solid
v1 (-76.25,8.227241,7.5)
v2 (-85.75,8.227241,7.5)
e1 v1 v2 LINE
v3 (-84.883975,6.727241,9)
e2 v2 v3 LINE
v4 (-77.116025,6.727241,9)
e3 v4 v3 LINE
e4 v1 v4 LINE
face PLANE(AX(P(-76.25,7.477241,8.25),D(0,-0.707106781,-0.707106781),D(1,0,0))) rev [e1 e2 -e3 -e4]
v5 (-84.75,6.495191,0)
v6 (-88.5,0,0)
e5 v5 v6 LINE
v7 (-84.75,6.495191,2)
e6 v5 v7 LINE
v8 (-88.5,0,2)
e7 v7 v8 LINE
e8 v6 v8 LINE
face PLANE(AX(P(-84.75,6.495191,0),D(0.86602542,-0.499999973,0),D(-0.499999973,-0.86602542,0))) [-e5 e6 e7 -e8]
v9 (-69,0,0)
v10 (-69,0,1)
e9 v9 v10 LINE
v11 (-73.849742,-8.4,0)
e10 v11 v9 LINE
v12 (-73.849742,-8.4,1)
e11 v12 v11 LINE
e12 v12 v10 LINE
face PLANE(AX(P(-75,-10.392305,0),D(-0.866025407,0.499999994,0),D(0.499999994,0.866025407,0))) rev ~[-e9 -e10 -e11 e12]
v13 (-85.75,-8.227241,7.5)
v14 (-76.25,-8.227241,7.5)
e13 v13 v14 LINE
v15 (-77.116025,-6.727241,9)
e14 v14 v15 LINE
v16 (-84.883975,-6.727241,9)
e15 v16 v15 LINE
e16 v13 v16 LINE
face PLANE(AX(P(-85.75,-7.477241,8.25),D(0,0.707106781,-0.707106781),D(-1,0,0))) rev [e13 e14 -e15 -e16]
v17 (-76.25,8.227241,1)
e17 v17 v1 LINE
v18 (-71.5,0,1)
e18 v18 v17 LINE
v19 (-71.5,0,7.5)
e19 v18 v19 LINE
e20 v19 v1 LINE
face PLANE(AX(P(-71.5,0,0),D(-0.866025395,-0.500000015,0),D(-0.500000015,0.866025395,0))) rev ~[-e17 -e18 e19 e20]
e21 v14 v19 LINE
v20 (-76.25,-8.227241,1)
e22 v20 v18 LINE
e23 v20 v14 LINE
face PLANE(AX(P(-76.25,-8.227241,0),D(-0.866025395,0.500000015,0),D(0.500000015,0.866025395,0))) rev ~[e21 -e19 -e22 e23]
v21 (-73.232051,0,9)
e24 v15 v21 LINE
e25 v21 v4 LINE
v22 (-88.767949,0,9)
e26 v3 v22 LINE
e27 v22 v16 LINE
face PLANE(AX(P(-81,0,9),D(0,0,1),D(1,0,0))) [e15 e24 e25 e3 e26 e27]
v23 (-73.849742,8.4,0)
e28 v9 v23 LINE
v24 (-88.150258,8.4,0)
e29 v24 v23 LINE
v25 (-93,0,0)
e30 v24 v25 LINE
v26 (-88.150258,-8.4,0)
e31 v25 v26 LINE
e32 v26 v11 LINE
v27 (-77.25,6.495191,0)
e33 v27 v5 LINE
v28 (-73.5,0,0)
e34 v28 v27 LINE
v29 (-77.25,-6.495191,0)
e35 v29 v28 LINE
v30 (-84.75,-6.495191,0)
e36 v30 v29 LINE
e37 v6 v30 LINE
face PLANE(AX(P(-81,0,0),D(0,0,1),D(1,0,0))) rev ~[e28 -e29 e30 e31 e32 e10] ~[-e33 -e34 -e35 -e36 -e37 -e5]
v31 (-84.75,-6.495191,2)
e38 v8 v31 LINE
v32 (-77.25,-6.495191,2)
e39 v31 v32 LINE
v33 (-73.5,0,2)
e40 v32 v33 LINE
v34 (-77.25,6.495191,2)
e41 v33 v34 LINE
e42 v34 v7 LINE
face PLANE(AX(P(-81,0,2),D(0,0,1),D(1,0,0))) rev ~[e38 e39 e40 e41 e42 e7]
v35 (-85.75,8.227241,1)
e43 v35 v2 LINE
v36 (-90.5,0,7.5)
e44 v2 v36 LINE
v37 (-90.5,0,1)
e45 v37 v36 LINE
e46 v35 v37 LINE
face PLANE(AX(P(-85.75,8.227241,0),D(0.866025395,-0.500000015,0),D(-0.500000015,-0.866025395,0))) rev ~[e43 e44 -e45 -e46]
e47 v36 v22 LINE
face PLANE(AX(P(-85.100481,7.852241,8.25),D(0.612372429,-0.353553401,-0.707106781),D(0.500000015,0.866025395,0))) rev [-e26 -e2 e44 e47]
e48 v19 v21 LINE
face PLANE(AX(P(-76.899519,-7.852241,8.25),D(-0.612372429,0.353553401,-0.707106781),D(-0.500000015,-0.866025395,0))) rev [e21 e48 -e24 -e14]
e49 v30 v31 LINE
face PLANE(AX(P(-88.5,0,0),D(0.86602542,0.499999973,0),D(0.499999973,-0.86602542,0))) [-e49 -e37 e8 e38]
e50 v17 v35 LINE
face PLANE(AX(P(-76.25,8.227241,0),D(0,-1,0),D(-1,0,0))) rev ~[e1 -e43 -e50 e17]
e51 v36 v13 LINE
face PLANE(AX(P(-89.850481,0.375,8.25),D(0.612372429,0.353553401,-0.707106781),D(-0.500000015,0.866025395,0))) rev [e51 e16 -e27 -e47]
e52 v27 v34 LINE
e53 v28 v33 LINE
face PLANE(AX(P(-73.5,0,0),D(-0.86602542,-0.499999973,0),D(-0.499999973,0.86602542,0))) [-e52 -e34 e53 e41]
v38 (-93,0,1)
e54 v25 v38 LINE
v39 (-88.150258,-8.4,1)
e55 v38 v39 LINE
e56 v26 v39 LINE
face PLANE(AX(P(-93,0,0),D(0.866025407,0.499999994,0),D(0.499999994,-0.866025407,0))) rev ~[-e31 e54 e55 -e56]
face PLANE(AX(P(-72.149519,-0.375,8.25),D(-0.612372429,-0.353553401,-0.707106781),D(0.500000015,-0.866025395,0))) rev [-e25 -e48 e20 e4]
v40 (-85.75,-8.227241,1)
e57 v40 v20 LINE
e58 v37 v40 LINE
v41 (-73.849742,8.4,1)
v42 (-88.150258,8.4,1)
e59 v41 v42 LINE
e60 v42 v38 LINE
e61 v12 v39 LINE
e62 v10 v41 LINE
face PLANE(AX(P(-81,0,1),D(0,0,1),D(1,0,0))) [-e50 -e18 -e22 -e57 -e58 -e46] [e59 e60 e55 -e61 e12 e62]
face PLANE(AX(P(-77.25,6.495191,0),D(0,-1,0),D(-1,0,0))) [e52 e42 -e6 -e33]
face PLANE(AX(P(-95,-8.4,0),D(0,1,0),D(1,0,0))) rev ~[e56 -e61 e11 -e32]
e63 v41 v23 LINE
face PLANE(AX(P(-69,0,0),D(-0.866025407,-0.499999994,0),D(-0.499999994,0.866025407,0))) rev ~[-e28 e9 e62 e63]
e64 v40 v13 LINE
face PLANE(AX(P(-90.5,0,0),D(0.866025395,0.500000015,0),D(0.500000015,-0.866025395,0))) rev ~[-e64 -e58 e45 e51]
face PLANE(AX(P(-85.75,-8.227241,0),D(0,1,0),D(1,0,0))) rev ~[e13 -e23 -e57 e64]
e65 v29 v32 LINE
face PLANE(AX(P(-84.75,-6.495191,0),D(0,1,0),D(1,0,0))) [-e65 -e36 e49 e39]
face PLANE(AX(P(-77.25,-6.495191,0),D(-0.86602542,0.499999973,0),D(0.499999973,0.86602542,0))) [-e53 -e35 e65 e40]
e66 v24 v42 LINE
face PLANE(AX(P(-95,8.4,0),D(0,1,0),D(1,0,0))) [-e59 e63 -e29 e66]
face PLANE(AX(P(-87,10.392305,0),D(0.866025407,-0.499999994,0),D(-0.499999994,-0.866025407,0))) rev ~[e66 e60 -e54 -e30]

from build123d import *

# Parameters (mm, degrees)
BOX036_W        = 26
BOX036_H        = 10
BOX036_DEPTH    = 10
BOX035_W        = 26
BOX035_H        = 10
BOX035_DEPTH    = 10
PRISM011_DEPTH  = 2
PRISM010_DEPTH  = 1
PRISM009_DEPTH  = 9
CHAMFER006_SIZE = 1.5


with BuildPart() as cubo032:
    # Box036 → Box036 (new body)
    with BuildSketch(Plane(origin=(-95, -18.4, 0), x_dir=(1, 0, 0), z_dir=(0, 0, 1))):
        with Locations((13, 5)):
            Rectangle(BOX036_W, BOX036_H)
    extrude(amount=BOX036_DEPTH)


with BuildPart() as fusion016:
    # Box035 → Box035 (new body)
    with BuildSketch(Plane(origin=(-95, 8.4, 0), x_dir=(1, 0, 0), z_dir=(0, 0, 1))):
        with Locations((13, 5)):
            Rectangle(BOX035_W, BOX035_H)
    extrude(amount=BOX035_DEPTH)

    # Fusion016: union Cubo032
    add(cubo032.part)


with BuildPart() as prisma008:
    # Prism011 → Prism011 (new body)
    with BuildSketch(Plane.XY):
        Polygon((7.5, 0), (3.75, 6.495191), (-3.75, 6.495191), (-7.5, 0), (-3.75, -6.495191), (3.75, -6.495191), align=None)
    extrude(amount=PRISM011_DEPTH)


with BuildPart() as prisma007:
    # Prism010 → Prism010 (new body)
    with BuildSketch(Plane.XY):
        Polygon((12, 0), (6, 10.392305), (-6, 10.392305), (-12, 0), (-6, -10.392305), (6, -10.392305), align=None)
    extrude(amount=PRISM010_DEPTH)


with BuildPart() as chamfer006:
    # Prism009 → Prism009 (new body)
    with BuildSketch(Plane.XY):
        Polygon((9.5, 0), (4.75, 8.227241), (-4.75, 8.227241), (-9.5, 0), (-4.75, -8.227241), (4.75, -8.227241), align=None)
    extrude(amount=PRISM009_DEPTH)

    # Fusion015: union Prisma007
    add(prisma007.part)

    # Cut018: cut Prisma008
    add(prisma008.part, mode=Mode.SUBTRACT)


with BuildPart() as chamfer006_1:
    # Cut018 placement: moved
    add(chamfer006.part.moved(Location((-81, 0, 0))))

    # Cut019: cut Fusion016
    add(fusion016.part, mode=Mode.SUBTRACT)

    # Chamfer006
    chamfer006_edges = [chamfer006_1.edges().sort_by_distance(p)[0] for p in [
        (-73.875, 4.113621, 9),
        (-73.875, -4.113621, 9),
        (-81, 8.227241, 9),
        (-81, -8.227241, 9),
        (-88.125, 4.113621, 9),
        (-88.125, -4.113621, 9),
    ]]
    chamfer(chamfer006_edges, length=CHAMFER006_SIZE)


solid = chamfer006_1.part
